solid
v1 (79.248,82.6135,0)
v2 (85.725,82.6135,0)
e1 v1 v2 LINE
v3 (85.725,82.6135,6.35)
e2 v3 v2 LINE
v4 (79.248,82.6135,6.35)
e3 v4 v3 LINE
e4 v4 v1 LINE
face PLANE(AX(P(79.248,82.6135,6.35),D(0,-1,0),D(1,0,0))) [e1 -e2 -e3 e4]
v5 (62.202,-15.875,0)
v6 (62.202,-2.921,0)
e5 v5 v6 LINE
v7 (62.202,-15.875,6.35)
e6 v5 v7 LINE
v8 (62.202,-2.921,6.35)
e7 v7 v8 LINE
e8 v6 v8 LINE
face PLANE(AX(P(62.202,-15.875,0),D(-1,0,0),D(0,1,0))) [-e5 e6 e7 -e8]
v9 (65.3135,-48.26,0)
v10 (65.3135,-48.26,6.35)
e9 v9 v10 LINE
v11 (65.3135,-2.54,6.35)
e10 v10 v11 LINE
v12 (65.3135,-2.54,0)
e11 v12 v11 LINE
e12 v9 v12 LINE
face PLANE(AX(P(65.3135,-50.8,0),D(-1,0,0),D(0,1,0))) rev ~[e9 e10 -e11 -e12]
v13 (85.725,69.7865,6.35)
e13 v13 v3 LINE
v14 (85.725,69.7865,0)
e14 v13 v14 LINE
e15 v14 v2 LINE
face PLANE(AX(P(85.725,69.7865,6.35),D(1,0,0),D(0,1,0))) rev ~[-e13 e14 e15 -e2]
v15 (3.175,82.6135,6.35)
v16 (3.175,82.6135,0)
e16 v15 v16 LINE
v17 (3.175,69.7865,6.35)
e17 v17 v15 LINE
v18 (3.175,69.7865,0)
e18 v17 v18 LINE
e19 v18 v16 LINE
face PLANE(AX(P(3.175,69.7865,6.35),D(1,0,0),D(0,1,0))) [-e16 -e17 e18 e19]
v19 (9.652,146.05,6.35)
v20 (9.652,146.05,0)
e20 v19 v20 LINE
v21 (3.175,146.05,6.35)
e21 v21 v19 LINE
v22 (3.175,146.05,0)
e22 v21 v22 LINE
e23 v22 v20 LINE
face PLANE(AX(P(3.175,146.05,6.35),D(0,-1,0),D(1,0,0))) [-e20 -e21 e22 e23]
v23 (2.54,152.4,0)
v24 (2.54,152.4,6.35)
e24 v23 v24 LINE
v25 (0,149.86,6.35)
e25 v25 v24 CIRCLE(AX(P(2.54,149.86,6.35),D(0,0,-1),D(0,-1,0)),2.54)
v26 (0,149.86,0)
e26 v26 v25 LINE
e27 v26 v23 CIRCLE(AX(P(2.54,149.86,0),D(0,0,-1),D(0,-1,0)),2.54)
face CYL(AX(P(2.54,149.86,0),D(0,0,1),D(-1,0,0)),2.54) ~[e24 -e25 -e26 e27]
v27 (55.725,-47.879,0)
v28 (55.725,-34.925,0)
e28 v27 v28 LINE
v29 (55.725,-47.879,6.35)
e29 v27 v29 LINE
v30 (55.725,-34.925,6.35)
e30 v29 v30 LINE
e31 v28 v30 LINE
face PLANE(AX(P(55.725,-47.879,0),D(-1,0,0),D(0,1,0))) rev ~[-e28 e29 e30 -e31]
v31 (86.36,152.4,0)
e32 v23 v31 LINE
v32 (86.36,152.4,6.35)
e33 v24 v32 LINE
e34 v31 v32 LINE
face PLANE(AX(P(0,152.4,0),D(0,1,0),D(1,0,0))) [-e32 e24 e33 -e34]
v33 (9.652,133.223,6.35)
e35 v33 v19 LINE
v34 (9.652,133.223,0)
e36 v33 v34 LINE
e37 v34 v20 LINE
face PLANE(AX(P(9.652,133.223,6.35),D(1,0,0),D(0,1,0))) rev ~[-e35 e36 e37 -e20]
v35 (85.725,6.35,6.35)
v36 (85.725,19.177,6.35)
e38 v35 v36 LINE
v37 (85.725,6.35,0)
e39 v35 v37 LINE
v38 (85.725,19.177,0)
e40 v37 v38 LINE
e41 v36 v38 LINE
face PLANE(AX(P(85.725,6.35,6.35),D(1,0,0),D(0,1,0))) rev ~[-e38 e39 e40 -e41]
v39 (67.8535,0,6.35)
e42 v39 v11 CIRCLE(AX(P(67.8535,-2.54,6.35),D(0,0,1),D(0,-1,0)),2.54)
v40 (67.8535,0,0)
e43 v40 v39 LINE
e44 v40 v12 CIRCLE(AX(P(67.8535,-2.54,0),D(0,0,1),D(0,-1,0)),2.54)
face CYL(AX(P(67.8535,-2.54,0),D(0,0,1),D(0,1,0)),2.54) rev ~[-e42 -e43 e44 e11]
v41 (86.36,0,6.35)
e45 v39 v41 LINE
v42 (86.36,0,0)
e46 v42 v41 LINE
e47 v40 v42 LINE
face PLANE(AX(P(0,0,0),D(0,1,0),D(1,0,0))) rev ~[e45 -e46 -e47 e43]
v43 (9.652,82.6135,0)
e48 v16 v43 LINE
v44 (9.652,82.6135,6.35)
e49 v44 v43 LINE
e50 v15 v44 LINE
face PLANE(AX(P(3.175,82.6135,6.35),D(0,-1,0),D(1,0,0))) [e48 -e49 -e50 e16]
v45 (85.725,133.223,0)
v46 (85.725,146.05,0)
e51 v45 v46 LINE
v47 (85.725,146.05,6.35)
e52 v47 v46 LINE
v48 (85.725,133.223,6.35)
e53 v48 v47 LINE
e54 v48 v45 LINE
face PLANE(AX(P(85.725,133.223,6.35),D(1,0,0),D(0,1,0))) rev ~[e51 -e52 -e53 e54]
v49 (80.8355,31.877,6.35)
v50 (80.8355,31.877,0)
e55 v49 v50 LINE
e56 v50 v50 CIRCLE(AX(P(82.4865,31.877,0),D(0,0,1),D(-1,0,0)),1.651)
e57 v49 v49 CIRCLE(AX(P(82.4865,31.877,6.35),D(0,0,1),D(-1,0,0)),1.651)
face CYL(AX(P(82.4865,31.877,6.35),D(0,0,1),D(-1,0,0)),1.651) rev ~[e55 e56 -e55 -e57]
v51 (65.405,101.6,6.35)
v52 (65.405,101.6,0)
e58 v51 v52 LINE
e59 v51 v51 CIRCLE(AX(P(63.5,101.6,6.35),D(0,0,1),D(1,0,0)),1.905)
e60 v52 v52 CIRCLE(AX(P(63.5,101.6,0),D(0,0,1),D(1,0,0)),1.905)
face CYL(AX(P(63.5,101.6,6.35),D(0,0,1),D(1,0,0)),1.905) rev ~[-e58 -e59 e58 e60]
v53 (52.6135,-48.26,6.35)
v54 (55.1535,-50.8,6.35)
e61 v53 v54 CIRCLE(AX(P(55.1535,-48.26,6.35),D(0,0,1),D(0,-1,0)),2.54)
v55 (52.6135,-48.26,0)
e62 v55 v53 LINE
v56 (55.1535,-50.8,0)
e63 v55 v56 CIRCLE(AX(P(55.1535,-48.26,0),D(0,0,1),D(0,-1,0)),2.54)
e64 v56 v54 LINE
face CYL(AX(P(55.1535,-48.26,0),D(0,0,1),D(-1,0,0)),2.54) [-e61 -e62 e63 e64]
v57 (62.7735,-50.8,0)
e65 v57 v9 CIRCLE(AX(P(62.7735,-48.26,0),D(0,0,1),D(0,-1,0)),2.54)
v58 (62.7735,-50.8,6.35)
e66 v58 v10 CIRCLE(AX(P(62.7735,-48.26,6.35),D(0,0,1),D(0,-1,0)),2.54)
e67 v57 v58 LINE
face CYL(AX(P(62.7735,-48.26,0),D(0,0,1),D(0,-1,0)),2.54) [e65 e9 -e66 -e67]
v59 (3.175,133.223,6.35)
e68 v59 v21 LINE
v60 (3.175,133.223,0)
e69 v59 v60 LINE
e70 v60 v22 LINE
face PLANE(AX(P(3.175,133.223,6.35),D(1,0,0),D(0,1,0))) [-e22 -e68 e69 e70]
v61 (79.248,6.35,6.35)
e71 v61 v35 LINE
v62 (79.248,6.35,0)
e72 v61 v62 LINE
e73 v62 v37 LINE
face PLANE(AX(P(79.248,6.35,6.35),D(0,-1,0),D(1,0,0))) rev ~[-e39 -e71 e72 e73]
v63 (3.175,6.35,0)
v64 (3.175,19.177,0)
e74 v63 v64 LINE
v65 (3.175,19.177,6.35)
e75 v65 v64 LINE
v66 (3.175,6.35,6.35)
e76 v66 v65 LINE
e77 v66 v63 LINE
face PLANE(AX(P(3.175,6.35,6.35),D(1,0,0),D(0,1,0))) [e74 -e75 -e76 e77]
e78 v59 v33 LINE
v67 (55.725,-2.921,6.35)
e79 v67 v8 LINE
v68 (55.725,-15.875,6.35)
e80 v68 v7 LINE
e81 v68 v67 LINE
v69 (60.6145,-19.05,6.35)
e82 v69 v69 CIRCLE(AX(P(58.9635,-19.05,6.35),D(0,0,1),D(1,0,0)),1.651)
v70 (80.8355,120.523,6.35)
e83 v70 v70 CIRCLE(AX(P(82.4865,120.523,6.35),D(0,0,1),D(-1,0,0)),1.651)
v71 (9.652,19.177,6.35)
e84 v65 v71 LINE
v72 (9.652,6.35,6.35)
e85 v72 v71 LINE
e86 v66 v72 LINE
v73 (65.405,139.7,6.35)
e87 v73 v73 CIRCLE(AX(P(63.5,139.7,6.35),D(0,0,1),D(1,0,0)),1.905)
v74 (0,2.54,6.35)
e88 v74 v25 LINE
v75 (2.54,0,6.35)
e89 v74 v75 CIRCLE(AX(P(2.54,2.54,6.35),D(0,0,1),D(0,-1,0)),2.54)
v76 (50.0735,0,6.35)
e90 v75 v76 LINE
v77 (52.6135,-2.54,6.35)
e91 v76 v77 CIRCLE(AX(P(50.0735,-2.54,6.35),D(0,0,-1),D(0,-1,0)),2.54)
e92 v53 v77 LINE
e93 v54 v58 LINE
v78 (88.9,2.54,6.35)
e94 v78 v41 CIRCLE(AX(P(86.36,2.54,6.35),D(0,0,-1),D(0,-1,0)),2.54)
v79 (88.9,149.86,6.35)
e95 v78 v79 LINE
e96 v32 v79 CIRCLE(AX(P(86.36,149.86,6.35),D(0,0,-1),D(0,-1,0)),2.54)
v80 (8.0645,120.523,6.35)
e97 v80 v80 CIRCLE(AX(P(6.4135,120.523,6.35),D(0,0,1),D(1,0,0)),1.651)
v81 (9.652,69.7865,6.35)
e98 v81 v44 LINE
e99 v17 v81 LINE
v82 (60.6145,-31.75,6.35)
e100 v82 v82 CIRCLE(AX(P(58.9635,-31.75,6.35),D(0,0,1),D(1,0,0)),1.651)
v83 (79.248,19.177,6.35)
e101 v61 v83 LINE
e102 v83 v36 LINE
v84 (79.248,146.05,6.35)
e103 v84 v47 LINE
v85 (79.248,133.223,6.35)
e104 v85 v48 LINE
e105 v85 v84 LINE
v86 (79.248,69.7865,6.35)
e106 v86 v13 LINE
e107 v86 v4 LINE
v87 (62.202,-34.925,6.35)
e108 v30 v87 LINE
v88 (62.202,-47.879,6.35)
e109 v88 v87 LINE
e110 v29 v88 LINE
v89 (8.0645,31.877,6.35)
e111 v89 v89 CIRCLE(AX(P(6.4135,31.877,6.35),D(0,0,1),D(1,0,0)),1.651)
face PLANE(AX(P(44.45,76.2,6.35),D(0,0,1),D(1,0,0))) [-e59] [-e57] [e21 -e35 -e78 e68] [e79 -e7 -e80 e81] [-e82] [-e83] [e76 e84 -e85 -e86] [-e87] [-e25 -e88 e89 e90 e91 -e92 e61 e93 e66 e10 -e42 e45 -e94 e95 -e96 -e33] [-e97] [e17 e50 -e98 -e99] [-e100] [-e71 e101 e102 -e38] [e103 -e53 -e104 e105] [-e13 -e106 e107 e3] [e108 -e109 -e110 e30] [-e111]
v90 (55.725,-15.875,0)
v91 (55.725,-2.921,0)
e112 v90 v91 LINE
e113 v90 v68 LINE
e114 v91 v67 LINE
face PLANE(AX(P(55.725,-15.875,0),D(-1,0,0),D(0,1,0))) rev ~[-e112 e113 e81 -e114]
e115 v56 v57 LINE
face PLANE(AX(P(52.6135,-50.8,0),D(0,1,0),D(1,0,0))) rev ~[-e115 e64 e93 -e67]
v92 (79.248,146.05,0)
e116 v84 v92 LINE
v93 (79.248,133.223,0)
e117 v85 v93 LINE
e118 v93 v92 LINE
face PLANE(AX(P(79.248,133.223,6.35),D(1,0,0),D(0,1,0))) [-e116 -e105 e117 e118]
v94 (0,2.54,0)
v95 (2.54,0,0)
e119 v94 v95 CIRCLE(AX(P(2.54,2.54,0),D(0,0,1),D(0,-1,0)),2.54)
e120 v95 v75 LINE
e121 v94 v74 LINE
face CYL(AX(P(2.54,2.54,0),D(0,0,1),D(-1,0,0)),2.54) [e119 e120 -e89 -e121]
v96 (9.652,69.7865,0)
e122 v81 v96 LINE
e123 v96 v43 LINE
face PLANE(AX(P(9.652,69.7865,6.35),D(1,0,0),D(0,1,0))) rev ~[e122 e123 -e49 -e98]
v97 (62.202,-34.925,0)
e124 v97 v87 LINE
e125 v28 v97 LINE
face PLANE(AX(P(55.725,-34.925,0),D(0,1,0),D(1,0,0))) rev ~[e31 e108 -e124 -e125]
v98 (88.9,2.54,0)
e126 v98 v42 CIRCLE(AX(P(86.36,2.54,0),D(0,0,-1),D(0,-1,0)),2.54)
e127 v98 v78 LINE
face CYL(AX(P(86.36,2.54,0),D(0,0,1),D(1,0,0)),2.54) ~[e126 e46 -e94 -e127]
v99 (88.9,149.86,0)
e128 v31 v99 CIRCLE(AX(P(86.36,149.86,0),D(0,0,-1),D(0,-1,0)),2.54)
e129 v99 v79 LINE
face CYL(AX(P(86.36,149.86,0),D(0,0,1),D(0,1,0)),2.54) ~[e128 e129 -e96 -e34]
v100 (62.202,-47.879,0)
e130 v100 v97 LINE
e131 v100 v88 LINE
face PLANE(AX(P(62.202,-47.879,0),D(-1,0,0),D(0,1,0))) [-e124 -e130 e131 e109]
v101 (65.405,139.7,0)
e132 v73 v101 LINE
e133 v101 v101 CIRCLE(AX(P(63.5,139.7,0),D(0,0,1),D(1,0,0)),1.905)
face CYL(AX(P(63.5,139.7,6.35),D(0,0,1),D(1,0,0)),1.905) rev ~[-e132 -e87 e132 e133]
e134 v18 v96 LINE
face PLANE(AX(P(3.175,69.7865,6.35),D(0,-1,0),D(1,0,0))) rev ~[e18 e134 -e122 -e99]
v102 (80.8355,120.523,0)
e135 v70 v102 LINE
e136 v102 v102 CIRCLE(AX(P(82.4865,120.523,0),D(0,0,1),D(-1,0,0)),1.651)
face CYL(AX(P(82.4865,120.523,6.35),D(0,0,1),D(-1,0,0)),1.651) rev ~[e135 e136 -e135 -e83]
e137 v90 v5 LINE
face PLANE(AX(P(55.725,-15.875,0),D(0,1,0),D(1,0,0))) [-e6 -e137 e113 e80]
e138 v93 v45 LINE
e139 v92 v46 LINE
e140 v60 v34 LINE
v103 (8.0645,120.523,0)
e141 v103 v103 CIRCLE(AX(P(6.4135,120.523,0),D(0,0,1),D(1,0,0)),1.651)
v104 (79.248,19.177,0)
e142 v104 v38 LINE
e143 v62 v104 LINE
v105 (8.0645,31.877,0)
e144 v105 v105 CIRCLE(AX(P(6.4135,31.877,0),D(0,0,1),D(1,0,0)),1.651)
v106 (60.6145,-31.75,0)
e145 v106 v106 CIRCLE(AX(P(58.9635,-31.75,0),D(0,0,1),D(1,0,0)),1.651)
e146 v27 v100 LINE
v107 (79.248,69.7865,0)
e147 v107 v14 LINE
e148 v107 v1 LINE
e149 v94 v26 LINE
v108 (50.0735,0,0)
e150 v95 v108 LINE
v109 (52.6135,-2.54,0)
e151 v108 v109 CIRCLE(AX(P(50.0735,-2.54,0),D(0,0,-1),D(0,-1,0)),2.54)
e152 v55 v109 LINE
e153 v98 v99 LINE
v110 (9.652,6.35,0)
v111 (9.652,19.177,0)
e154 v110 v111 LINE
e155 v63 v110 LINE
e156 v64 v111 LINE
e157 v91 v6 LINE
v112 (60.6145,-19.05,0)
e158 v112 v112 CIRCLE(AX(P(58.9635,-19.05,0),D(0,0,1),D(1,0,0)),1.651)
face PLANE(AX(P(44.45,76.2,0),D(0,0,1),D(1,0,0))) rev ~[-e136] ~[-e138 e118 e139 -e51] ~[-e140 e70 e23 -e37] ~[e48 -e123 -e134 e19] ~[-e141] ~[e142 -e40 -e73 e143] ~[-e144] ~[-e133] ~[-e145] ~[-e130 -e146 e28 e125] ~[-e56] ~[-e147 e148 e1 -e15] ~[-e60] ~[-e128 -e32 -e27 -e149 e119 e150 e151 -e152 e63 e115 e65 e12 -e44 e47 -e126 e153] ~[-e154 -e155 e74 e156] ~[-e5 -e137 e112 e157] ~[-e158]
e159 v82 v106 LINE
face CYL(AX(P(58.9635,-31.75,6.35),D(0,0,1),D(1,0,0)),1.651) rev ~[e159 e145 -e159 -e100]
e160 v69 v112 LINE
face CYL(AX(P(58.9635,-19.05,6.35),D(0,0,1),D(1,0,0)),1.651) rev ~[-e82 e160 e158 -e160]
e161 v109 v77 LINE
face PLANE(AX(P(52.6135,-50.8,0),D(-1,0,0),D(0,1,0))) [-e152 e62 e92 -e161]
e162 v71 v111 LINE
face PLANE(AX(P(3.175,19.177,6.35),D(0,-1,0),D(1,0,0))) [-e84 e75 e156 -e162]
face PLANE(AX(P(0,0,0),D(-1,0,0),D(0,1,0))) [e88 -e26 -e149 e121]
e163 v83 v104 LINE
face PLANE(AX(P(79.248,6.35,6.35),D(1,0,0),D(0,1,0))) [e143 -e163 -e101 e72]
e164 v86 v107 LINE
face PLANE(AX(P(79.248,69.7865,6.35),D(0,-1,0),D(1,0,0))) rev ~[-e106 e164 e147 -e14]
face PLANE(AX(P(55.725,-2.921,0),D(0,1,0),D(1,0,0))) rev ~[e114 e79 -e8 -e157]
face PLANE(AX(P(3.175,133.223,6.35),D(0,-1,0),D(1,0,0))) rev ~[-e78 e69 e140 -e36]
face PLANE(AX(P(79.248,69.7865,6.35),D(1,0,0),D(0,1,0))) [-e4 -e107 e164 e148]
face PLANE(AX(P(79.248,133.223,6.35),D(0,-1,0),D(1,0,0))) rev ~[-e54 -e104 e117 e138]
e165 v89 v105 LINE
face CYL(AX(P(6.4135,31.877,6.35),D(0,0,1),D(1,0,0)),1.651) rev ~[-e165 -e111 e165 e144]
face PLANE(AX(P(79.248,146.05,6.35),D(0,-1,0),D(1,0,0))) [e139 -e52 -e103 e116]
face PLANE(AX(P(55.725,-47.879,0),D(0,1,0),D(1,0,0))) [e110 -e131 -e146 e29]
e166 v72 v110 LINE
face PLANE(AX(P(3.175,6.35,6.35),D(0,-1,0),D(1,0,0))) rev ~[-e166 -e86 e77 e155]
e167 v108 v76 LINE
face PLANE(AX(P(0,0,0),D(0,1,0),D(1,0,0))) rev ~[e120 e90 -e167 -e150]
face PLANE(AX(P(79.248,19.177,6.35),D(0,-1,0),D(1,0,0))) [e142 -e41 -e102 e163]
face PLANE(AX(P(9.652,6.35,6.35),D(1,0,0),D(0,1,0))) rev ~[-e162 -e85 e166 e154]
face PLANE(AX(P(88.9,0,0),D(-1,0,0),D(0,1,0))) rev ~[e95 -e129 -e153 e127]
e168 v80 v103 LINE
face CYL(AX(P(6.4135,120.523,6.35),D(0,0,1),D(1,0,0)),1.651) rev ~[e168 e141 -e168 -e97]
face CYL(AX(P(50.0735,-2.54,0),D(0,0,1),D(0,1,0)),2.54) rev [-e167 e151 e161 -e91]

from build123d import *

# Parameters (mm, degrees)
SKETCH1_W           = 88.9
SKETCH1_H           = 152.4
SKETCH1_W_2         = 12.7
SKETCH1_H_2         = 50.8
SKETCH1_W_3         = 6.477
SKETCH1_H_3         = 12.954
BOSS_EXTRUDE1_DEPTH = 6.35
SKETCH3_W           = 6.477
SKETCH3_H           = 12.827
SKETCH3_R           = 1.651
CUT_EXTRUDE3_DEPTH  = 6.35
SKETCH4_R           = 1.651
CUT_EXTRUDE4_DEPTH  = 6.35
FILLET1_R           = 2.54
SKETCH5_R           = 1.905
CUT_EXTRUDE5_DEPTH  = 6.35


with BuildPart() as part:
    # Sketch1 → Boss-Extrude1 (new body)
    # profile 1 of 2: a face of its own
    with BuildSketch(Plane.XY):
        with Locations((44.45, 76.2)):
            Rectangle(SKETCH1_W, SKETCH1_H)
    # profile 2 of 2: a face of its own
    with BuildSketch(Plane.XY):
        with Locations((58.963500056, -25.4)):
            Rectangle(SKETCH1_W_2, SKETCH1_H_2)
        with Locations((58.963500056, -41.402)):
            Rectangle(SKETCH1_W_3, SKETCH1_H_3, mode=Mode.SUBTRACT)
        with Locations((58.963500056, -9.398)):
            Rectangle(SKETCH1_W_3, SKETCH1_H_3, mode=Mode.SUBTRACT)
    extrude(amount=BOSS_EXTRUDE1_DEPTH)

    # Sketch3 → Cut-Extrude3 (cut)
    with BuildSketch(Plane.XY.offset(6.35)):
        with Locations((6.4135, 139.6365)):
            Rectangle(SKETCH3_W, SKETCH3_H)
        with Locations((6.4135, 12.7635)):
            Rectangle(SKETCH3_W, SKETCH3_H)
        with Locations((82.4865, 139.6365)):
            Rectangle(SKETCH3_W, SKETCH3_H)
        with Locations((6.4135, 120.523)):
            Circle(SKETCH3_R)
        with Locations((6.4135, 76.2)):
            Rectangle(SKETCH3_W, SKETCH3_H)
        with Locations((6.4135, 31.877)):
            Circle(SKETCH3_R)
        with Locations((82.4865, 12.7635)):
            Rectangle(SKETCH3_W, SKETCH3_H)
        with Locations(Location((82.4865, 31.877, 0), (0, 0, 180))):
            Circle(SKETCH3_R)
        with Locations(Location((82.4865, 120.523, 0), (0, 0, 180))):
            Circle(SKETCH3_R)
        with Locations((82.4865, 76.2)):
            Rectangle(SKETCH3_W, SKETCH3_H)
    extrude(amount=-CUT_EXTRUDE3_DEPTH, mode=Mode.SUBTRACT)

    # Sketch4 → Cut-Extrude4 (cut)
    with BuildSketch(Plane.XY.offset(6.35)):
        with Locations((58.963500056, -19.05)):
            Circle(SKETCH4_R)
        with Locations((58.963500056, -31.75)):
            Circle(SKETCH4_R)
    extrude(amount=-CUT_EXTRUDE4_DEPTH, mode=Mode.SUBTRACT)

    # Fillet1
    fillet1_edges = [part.edges().sort_by_distance(p)[0] for p in [
        (0, 0, 3.175),
        (0, 152.4, 3.175),
        (88.9, 152.4, 3.175),
        (88.9, 0, 3.175),
        (65.313500056, 0, 3.175),
        (65.313500056, -50.8, 3.175),
        (52.613500056, -50.8, 3.175),
        (52.613500056, 0, 3.175),
    ]]
    fillet(fillet1_edges, radius=FILLET1_R)

    # Sketch5 → Cut-Extrude5 (cut)
    with BuildSketch(Plane.XY.offset(6.35)):
        with Locations((63.5, 139.7)):
            Circle(SKETCH5_R)
        with Locations((63.5, 101.6)):
            Circle(SKETCH5_R)
    extrude(amount=-CUT_EXTRUDE5_DEPTH, mode=Mode.SUBTRACT)


solid = part.part
